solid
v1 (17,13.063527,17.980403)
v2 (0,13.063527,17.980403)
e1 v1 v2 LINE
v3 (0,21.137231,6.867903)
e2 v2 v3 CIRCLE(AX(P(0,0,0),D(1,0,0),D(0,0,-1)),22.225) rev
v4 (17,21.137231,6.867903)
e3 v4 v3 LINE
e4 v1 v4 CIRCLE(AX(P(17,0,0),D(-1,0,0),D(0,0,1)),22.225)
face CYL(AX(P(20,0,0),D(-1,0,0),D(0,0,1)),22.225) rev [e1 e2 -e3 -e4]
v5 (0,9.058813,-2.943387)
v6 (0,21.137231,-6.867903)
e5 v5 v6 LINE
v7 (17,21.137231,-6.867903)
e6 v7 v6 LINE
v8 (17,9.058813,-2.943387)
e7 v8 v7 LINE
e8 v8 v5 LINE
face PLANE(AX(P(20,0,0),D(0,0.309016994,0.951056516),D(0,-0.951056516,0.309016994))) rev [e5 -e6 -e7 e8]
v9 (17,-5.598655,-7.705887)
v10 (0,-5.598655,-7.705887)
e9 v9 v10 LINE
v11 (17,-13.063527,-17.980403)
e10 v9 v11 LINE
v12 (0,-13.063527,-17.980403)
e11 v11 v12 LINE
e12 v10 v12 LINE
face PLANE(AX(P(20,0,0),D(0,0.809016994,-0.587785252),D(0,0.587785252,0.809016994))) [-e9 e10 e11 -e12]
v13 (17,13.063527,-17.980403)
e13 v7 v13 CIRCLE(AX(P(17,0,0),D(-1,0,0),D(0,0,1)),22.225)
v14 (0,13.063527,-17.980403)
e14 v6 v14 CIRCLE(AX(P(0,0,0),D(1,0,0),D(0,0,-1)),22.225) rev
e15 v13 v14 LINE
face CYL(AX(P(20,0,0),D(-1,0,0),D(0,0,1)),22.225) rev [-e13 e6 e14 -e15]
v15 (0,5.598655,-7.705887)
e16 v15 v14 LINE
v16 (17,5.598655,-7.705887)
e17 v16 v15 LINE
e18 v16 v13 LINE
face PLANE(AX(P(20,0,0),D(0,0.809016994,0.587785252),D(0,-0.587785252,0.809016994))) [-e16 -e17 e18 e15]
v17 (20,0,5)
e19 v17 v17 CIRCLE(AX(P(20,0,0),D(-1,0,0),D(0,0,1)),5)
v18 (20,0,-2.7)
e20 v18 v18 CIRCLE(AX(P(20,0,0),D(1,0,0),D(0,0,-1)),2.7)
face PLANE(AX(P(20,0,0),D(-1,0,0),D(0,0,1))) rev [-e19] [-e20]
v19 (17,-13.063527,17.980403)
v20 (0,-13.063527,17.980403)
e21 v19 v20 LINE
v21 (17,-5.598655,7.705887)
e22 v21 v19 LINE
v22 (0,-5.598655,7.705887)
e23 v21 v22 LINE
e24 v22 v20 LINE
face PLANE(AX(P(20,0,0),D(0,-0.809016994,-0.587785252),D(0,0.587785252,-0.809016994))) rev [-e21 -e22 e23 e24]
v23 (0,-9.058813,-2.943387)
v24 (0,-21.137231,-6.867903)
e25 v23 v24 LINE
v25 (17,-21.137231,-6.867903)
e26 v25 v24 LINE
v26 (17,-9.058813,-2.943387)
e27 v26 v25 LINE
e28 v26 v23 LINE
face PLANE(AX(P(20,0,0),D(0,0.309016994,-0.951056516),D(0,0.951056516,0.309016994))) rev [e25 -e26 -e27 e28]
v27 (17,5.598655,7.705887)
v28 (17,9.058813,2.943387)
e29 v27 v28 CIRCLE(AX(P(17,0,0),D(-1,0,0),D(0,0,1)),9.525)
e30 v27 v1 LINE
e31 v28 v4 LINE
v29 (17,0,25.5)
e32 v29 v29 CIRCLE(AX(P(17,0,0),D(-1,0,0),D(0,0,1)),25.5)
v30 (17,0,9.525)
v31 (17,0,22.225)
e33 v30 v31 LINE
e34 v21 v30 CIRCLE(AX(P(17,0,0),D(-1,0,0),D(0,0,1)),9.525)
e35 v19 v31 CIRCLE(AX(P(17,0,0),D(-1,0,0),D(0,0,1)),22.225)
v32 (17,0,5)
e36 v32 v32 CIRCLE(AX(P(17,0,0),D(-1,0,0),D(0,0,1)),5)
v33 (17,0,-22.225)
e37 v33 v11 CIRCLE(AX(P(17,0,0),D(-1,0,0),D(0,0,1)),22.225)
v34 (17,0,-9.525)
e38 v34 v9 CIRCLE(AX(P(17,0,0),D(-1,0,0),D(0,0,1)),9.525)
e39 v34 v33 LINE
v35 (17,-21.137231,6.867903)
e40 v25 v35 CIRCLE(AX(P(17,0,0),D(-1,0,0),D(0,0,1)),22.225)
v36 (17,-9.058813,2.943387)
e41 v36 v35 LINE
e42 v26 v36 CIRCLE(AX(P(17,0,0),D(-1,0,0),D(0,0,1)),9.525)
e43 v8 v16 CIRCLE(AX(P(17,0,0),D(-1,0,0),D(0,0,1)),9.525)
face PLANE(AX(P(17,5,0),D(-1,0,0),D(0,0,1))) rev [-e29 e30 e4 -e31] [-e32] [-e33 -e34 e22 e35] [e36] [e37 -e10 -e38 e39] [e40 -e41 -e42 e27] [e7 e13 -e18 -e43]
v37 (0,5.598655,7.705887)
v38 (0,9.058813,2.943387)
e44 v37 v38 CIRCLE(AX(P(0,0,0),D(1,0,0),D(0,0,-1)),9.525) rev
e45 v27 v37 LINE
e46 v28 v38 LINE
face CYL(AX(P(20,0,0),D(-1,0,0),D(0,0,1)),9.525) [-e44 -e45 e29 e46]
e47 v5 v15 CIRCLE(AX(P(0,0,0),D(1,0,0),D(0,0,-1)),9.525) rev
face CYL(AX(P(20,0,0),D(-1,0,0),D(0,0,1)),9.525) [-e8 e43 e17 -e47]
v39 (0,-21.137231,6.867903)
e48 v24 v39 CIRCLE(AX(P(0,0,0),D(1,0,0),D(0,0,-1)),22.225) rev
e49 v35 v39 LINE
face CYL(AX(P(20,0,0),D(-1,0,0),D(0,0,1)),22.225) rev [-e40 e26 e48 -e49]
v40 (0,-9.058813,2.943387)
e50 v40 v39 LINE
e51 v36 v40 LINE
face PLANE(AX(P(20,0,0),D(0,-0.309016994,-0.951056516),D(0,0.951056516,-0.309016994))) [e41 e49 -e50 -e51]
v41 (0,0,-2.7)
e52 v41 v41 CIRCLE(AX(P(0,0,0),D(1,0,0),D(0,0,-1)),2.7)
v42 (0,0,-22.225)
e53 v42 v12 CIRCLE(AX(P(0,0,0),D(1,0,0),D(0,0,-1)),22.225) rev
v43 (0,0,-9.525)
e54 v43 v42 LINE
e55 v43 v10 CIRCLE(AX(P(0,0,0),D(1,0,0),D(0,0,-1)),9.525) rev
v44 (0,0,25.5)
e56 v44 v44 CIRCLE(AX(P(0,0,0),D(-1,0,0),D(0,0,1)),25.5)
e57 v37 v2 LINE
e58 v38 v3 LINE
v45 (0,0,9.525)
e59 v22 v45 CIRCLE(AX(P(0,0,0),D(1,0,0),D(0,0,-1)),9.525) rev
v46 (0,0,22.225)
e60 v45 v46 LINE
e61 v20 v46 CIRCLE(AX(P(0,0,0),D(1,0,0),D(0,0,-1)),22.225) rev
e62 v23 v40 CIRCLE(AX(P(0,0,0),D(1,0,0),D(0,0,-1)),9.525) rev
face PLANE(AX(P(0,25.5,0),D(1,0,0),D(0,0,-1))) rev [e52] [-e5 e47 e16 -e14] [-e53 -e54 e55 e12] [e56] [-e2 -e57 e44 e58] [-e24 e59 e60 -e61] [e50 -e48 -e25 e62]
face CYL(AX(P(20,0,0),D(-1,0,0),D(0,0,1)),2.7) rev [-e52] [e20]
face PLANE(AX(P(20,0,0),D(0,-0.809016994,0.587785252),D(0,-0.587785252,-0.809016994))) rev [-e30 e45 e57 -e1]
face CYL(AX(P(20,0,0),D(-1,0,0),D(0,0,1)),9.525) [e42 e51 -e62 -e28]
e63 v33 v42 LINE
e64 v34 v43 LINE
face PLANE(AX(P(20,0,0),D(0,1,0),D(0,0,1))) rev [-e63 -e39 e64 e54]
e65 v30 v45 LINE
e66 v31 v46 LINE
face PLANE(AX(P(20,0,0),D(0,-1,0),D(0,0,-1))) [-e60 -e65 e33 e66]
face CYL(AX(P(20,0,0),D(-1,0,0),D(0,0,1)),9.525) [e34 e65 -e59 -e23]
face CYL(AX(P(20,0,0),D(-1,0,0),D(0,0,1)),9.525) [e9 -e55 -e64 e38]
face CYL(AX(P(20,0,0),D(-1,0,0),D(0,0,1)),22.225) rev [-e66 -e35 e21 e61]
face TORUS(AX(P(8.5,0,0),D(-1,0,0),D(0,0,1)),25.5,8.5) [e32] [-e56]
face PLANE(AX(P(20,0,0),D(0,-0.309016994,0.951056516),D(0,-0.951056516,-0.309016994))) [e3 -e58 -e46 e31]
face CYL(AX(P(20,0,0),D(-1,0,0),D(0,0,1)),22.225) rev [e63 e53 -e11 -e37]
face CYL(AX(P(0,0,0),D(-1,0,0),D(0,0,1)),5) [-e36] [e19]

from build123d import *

# Parameters (mm, degrees)
SKETCH2_R          = 2.7
CUT_EXTRUDE1_DEPTH = 53.076866396
CUT_EXTRUDE2_DEPTH = 53.076866396


with BuildPart() as part:
    # Sketch1 → Revolve1 (revolve)
    with BuildSketch(Plane.XY, mode=Mode.PRIVATE) as revolve1_sk:
        with BuildLine():
            Line((0, 25.5), (0, 0))
            Line((0, 0), (20, 0))
            Line((20, 0), (20, 5))
            Line((20, 5), (17, 5))
            Line((17, 5), (17, 25.5))
            ThreePointArc((17, 25.5), (8.5, 34), (0, 25.5))
        make_face()
    revolve(revolve1_sk.sketch.rotate(Axis((0, 0, 0), (1, 0, 0)), 90), axis=Axis((0, 0, 0), (1, 0, 0)))

    # Sketch2 → Cut-Extrude1 (cut, through all)
    with BuildSketch(Plane(origin=(0, 0, 0), x_dir=(0, 0, -1), z_dir=(1, 0, 0))):
        Circle(SKETCH2_R)
    extrude(amount=CUT_EXTRUDE1_DEPTH, mode=Mode.SUBTRACT)

    # Sketch3 → Cut-Extrude2 (cut, through all)
    with BuildSketch(Plane(origin=(0, 0, 0), x_dir=(0, 0, -1), z_dir=(1, 0, 0))):
        with BuildLine():
            Line((-17.9804027, 13.063527232), (-7.705886871, 5.598654528))
            ThreePointArc((-7.705886871, 5.598654528), (-5.598654528, 7.705886871), (-2.943386871, 9.058813318))
            Line((-2.943386871, 9.058813318), (-6.8679027, 21.137231075))
            ThreePointArc((-6.8679027, 21.137231075), (-13.063527232, 17.9804027), (-17.9804027, 13.063527232))
        make_face()
        with BuildLine():
            Line((6.8679027, 21.137231075), (2.943386871, 9.058813318))
            ThreePointArc((2.943386871, 9.058813318), (5.598654528, 7.705886871), (7.705886871, 5.598654528))
            Line((7.705886871, 5.598654528), (17.9804027, 13.063527232))
            ThreePointArc((17.9804027, 13.063527232), (13.063527232, 17.9804027), (6.8679027, 21.137231075))
        make_face()
        with BuildLine():
            Line((22.225, 0), (9.525, 0))
            ThreePointArc((9.525, 0), (9.058813318, -2.943386871), (7.705886871, -5.598654528))
            Line((7.705886871, -5.598654528), (17.9804027, -13.063527232))
            ThreePointArc((17.9804027, -13.063527232), (21.137231075, -6.8679027), (22.225, 0))
        make_face()
        with BuildLine():
            Line((6.8679027, -21.137231075), (2.943386871, -9.058813318))
            ThreePointArc((2.943386871, -9.058813318), (0, -9.525), (-2.943386871, -9.058813318))
            Line((-2.943386871, -9.058813318), (-6.8679027, -21.137231075))
            ThreePointArc((-6.8679027, -21.137231075), (0, -22.225), (6.8679027, -21.137231075))
        make_face()
        with BuildLine():
            Line((-17.9804027, -13.063527232), (-7.705886871, -5.598654528))
            ThreePointArc((-7.705886871, -5.598654528), (-9.058813318, -2.943386871), (-9.525, 0))
            Line((-9.525, 0), (-22.225, 0))
            ThreePointArc((-22.225, 0), (-21.137231075, -6.8679027), (-17.9804027, -13.063527232))
        make_face()
    extrude(amount=CUT_EXTRUDE2_DEPTH, mode=Mode.SUBTRACT)


solid = part.part
